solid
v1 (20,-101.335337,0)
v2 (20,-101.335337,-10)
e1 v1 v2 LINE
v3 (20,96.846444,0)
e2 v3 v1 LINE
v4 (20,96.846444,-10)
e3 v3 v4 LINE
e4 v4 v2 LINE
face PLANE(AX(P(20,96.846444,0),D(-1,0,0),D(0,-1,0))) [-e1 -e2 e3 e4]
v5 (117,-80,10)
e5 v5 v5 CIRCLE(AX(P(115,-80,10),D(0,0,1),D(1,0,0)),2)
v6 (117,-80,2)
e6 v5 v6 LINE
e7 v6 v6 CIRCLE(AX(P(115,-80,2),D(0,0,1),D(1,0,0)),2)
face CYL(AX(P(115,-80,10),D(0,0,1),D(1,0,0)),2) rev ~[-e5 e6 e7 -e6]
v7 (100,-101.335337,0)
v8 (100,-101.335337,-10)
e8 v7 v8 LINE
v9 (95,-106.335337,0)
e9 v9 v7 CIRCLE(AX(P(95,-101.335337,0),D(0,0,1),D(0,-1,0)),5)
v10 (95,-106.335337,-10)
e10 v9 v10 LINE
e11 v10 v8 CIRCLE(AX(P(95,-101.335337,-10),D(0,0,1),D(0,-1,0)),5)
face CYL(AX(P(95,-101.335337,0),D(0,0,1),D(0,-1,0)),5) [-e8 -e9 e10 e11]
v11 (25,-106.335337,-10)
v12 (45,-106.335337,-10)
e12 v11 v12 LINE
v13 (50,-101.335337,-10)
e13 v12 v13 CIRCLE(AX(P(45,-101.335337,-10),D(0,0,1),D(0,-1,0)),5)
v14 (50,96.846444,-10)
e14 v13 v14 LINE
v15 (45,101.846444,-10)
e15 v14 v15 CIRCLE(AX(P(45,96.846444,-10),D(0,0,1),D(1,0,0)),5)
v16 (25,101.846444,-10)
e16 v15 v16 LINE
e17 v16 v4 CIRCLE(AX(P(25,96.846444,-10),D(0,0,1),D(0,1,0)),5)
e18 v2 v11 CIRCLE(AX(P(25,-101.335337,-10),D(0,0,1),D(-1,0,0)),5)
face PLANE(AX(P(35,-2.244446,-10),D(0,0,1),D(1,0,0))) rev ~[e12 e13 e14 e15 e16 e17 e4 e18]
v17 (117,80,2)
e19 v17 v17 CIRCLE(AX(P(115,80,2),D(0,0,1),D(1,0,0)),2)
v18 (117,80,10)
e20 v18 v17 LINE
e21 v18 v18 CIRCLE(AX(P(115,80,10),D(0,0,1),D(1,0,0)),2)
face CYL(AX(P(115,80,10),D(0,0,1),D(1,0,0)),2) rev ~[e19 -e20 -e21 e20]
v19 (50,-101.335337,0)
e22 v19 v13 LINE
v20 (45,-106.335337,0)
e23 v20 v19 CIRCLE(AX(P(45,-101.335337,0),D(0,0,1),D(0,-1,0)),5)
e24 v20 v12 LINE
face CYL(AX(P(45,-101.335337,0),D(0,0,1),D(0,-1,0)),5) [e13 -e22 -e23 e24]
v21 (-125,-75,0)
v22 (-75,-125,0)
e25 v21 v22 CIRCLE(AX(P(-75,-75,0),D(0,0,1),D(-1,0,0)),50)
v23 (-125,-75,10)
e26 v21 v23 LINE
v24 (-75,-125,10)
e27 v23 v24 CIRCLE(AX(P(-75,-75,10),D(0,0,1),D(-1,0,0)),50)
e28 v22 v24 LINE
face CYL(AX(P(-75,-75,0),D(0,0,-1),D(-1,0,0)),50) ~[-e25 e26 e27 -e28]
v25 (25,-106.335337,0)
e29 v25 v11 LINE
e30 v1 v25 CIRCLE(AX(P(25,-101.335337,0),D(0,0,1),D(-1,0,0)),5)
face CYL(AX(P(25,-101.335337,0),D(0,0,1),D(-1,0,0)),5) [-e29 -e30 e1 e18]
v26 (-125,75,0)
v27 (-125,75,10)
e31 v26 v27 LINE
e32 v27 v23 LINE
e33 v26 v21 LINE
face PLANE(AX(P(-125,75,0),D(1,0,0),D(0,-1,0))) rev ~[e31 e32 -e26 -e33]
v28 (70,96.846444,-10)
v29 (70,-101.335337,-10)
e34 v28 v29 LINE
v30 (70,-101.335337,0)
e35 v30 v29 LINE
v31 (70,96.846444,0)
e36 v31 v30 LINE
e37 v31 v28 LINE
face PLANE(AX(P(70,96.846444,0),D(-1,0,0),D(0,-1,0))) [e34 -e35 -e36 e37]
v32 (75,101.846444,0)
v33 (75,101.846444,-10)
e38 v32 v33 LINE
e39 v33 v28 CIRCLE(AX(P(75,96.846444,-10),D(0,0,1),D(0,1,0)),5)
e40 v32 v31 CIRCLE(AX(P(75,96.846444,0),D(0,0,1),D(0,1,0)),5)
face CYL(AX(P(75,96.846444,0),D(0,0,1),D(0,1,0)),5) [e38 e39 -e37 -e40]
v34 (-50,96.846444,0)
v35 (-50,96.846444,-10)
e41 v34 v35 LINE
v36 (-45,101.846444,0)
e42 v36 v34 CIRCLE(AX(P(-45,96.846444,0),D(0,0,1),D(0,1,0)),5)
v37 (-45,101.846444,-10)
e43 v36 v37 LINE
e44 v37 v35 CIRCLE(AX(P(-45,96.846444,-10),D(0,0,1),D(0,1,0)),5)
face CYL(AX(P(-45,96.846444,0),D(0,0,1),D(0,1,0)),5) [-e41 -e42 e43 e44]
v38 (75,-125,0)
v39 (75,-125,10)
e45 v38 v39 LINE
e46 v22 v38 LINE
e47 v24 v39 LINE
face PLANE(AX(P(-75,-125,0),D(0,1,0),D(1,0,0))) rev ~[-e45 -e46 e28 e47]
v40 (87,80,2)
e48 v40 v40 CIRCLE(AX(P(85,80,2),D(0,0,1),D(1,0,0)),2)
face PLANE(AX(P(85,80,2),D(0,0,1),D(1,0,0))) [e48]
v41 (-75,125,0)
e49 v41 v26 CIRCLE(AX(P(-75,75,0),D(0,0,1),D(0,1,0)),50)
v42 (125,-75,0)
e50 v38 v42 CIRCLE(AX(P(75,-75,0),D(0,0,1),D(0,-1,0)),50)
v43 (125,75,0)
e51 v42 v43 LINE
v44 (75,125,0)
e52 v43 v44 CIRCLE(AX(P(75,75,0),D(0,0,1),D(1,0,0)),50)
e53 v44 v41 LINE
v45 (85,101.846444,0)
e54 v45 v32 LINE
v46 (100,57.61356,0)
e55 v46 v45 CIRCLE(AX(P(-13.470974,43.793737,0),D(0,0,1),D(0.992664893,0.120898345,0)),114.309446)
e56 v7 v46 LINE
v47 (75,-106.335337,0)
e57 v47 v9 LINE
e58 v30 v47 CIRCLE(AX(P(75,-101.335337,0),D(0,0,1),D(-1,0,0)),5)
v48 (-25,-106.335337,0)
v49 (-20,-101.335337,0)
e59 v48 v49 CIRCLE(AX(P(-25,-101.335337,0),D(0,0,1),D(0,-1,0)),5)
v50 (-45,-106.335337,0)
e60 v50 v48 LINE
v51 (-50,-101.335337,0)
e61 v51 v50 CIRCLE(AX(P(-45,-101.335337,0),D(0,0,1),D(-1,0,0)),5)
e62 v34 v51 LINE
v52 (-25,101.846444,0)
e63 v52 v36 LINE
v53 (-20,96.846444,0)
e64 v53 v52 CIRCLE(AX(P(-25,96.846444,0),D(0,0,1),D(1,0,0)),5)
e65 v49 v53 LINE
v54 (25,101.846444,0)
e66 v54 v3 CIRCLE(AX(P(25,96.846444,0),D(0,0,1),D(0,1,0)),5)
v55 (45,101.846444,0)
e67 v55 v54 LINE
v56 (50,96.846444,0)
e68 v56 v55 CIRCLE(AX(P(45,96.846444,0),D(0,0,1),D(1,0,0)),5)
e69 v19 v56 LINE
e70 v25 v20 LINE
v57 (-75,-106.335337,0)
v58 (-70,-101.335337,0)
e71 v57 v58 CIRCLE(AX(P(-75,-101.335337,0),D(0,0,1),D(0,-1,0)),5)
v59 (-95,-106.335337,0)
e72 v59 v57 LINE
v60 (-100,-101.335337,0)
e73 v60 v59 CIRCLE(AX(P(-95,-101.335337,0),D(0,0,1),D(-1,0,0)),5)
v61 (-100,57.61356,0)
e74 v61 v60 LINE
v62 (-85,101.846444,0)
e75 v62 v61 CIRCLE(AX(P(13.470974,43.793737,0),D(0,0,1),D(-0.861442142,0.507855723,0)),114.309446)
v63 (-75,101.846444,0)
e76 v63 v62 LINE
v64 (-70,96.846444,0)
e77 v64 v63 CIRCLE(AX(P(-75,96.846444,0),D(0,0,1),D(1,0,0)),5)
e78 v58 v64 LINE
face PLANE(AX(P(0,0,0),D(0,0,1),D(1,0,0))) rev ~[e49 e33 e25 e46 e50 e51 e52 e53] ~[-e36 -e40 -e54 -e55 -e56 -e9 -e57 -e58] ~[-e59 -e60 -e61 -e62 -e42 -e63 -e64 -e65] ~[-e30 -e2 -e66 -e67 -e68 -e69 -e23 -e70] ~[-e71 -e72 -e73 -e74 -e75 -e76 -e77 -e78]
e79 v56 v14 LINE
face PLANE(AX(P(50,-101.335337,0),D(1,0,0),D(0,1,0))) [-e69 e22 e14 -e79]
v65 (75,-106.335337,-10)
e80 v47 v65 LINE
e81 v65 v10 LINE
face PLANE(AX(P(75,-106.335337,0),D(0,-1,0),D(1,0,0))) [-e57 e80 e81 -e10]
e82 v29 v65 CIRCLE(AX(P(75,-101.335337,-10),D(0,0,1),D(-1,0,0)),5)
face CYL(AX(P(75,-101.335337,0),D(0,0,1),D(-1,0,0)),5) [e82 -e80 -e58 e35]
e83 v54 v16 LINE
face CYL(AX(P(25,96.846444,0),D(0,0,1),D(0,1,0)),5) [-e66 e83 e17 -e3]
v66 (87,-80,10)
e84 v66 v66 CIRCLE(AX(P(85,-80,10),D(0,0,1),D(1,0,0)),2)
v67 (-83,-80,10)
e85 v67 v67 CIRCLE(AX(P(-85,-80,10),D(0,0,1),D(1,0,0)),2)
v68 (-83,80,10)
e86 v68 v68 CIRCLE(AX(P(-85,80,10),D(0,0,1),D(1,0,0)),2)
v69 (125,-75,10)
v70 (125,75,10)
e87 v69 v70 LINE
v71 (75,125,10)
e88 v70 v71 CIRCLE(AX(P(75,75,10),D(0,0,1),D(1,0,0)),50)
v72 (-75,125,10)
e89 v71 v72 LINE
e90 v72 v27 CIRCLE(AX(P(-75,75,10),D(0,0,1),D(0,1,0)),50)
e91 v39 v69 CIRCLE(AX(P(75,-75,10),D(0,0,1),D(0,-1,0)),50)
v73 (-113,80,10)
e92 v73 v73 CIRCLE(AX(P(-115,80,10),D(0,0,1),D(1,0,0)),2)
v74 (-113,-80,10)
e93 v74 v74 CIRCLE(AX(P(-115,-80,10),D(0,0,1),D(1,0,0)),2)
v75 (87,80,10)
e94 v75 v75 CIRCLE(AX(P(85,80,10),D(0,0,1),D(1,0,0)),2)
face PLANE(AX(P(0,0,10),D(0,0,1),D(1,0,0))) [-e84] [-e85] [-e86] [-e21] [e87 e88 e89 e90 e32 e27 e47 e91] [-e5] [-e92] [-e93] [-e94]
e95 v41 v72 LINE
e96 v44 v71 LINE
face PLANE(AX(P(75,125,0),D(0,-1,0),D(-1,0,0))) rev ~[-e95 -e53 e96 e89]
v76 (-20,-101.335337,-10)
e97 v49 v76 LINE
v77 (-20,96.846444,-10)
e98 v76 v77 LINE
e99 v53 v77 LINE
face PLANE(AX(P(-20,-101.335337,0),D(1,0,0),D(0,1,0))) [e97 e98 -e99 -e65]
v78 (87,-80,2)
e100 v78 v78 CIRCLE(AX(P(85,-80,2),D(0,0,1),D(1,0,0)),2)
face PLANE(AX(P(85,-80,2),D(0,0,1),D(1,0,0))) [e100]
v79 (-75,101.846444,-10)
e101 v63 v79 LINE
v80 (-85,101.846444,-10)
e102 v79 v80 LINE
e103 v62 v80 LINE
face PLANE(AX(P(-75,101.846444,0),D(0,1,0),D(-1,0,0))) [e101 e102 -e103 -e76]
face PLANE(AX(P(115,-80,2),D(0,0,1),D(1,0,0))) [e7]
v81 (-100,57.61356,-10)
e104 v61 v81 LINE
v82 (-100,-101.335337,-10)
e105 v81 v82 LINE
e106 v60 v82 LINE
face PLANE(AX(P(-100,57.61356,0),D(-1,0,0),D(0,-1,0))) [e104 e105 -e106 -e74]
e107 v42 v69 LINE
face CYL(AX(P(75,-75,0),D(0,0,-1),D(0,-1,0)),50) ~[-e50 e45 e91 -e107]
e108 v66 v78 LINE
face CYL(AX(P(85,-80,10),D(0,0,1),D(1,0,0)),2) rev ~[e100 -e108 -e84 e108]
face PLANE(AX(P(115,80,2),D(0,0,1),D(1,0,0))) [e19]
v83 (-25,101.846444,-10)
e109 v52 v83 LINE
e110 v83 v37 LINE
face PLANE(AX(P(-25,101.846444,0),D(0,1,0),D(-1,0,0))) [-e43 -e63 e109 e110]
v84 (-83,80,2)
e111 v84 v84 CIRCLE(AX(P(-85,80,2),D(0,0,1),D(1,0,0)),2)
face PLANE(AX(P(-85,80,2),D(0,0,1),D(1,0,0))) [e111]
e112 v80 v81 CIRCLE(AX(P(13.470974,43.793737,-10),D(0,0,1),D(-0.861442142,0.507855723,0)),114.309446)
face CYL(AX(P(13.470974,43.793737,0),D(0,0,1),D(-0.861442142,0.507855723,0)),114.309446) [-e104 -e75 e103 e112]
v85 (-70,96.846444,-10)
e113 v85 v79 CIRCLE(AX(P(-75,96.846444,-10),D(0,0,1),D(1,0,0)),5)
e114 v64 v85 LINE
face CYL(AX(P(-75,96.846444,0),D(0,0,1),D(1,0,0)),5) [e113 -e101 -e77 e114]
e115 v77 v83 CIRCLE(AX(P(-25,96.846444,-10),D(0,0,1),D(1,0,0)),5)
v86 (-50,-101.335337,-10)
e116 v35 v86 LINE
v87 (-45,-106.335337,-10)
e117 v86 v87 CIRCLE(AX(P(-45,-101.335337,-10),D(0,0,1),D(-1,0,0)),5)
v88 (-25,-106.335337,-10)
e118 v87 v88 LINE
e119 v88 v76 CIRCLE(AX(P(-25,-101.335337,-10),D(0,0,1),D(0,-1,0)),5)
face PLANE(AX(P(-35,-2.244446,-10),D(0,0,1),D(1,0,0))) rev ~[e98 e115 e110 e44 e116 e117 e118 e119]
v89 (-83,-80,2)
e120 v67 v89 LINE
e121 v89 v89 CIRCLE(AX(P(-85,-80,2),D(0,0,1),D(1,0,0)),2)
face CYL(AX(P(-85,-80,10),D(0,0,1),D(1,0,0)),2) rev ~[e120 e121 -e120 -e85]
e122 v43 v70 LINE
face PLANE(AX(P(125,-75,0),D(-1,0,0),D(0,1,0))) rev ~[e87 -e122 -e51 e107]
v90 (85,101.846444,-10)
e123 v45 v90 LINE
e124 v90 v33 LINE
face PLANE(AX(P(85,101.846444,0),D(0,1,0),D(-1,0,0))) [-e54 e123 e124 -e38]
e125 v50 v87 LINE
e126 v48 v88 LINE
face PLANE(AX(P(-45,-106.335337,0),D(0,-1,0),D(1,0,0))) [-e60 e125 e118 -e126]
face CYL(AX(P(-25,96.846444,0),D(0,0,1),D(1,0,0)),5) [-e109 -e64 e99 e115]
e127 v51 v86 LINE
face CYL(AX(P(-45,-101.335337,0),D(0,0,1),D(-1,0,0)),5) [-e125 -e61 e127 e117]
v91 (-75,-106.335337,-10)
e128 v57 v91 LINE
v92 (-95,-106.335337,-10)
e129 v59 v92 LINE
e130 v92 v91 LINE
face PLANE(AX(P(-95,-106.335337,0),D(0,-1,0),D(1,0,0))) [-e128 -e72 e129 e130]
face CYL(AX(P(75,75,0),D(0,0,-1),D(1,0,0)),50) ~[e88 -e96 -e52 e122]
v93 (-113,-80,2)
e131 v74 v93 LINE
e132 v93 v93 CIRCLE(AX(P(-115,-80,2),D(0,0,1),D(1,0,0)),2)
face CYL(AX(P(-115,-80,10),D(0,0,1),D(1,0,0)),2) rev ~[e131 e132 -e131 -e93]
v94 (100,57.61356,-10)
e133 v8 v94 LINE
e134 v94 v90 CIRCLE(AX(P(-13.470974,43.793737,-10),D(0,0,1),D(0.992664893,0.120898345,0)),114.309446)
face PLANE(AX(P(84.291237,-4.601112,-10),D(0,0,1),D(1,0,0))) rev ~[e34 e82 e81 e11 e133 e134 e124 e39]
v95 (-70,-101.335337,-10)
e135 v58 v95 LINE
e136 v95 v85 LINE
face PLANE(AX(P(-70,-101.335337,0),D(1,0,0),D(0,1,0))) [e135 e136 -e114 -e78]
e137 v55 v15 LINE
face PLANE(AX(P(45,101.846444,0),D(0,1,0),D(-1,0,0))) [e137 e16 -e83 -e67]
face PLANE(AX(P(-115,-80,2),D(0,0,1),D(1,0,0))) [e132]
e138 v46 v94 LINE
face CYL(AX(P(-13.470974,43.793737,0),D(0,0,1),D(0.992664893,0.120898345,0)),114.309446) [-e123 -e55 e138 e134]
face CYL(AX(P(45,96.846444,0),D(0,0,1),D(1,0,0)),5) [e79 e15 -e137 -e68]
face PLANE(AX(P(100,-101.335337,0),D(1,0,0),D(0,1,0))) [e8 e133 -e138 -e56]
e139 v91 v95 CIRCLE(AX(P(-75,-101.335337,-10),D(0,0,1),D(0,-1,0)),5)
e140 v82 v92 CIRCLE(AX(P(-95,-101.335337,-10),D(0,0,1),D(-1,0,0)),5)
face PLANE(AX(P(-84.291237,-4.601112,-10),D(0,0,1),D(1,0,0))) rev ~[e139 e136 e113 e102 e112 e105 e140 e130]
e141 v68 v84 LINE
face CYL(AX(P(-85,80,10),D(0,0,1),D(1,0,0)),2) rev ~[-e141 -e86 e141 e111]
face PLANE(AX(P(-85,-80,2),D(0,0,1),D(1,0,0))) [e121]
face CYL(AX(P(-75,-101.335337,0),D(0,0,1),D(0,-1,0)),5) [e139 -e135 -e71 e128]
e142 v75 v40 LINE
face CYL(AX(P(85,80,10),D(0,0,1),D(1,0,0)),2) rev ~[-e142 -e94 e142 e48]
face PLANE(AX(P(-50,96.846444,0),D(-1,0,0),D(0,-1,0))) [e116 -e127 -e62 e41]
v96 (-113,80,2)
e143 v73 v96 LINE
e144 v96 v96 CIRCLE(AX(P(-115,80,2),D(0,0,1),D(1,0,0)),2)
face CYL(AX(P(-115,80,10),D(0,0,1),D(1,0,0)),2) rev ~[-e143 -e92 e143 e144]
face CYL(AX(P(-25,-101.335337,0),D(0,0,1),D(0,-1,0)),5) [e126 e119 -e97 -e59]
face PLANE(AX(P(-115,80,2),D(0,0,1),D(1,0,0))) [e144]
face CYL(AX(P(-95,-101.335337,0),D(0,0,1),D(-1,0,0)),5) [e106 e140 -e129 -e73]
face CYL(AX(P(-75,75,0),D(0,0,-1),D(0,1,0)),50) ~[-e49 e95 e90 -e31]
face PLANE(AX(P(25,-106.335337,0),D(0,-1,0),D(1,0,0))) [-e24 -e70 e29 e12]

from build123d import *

# Parameters (mm, degrees)
EXTRUDE_1_DEPTH     = 10
SKETCH_2_R          = 2
CUT_EXTRUDE_1_DEPTH = 8
EXTRUDE_2_DEPTH     = 10


with BuildPart() as part:
    # 草图1 → 凸台-拉伸1 (new body)
    with BuildSketch(Plane.XY):
        with BuildLine():
            Line((-75, -125), (75, -125))
            ThreePointArc((75, -125), (110.355339059, -110.355339059), (125, -75))
            Line((125, -75), (125, 75))
            ThreePointArc((125, 75), (110.355339059, 110.355339059), (75, 125))
            Line((75, 125), (-75, 125))
            ThreePointArc((-75, 125), (-110.355339059, 110.355339059), (-125, 75))
            Line((-125, 75), (-125, -75))
            ThreePointArc((-125, -75), (-110.355339059, -110.355339059), (-75, -125))
        make_face()
    extrude(amount=EXTRUDE_1_DEPTH)

    # 草图2 → 切除-拉伸1 (cut)
    with BuildSketch(Plane.XY.offset(10)):
        with Locations((115, 80)):
            Circle(SKETCH_2_R)
        with Locations((85, 80)):
            Circle(SKETCH_2_R)
        with Locations((115, -80)):
            Circle(SKETCH_2_R)
        with Locations((85, -80)):
            Circle(SKETCH_2_R)
        with Locations((-115, -80)):
            Circle(SKETCH_2_R)
        with Locations((-85, -80)):
            Circle(SKETCH_2_R)
        with Locations((-85, 80)):
            Circle(SKETCH_2_R)
        with Locations((-115, 80)):
            Circle(SKETCH_2_R)
    extrude(amount=-CUT_EXTRUDE_1_DEPTH, mode=Mode.SUBTRACT)

    # 草图3 → 凸台-拉伸2 (add)
    with BuildSketch(Plane(origin=(0, 0, 0), x_dir=(-1, 0, 0), z_dir=(0, 0, -1))):
        with BuildLine():
            Line((-20, 96.846443928), (-20, -101.335336728))
            ThreePointArc((-20, -101.335336728), (-21.464466094, -104.870870634), (-25, -106.335336728))
            Line((-25, -106.335336728), (-45, -106.335336728))
            ThreePointArc((-45, -106.335336728), (-48.535533906, -104.870870634), (-50, -101.335336728))
            Line((-50, -101.335336728), (-50, 96.846443928))
            ThreePointArc((-50, 96.846443928), (-48.535533906, 100.381977834), (-45, 101.846443928))
            Line((-45, 101.846443928), (-25, 101.846443928))
            ThreePointArc((-25, 101.846443928), (-21.464466094, 100.381977834), (-20, 96.846443928))
        make_face()
        with BuildLine():
            Line((-70, 96.846443928), (-70, -101.335336728))
            ThreePointArc((-70, -101.335336728), (-71.464466094, -104.870870634), (-75, -106.335336728))
            Line((-75, -106.335336728), (-95, -106.335336728))
            ThreePointArc((-95, -106.335336728), (-98.535533906, -104.870870634), (-100, -101.335336728))
            Line((-100, -101.335336728), (-100, 57.613560287))
            ThreePointArc((-100, 57.613560287), (-94.783283784, 80.504296116), (-85, 101.846443928))
            Line((-85, 101.846443928), (-75, 101.846443928))
            ThreePointArc((-75, 101.846443928), (-71.464466094, 100.381977834), (-70, 96.846443928))
        make_face()
        with BuildLine():
            Line((45, -106.335336728), (25, -106.335336728))
            ThreePointArc((25, -106.335336728), (21.464466094, -104.870870634), (20, -101.335336728))
            Line((20, -101.335336728), (20, 96.846443928))
            ThreePointArc((20, 96.846443928), (21.464466094, 100.381977834), (25, 101.846443928))
            Line((25, 101.846443928), (45, 101.846443928))
            ThreePointArc((45, 101.846443928), (48.535533906, 100.381977834), (50, 96.846443928))
            Line((50, 96.846443928), (50, -101.335336728))
            ThreePointArc((50, -101.335336728), (48.535533906, -104.870870634), (45, -106.335336728))
        make_face()
        with BuildLine():
            Line((95, -106.335336728), (75, -106.335336728))
            ThreePointArc((75, -106.335336728), (71.464466094, -104.870870634), (70, -101.335336728))
            Line((70, -101.335336728), (70, 96.846443928))
            ThreePointArc((70, 96.846443928), (71.464466094, 100.381977834), (75, 101.846443928))
            Line((75, 101.846443928), (85, 101.846443928))
            ThreePointArc((85, 101.846443928), (94.783283784, 80.504296116), (100, 57.613560287))
            Line((100, 57.613560287), (100, -101.335336728))
            ThreePointArc((100, -101.335336728), (98.535533906, -104.870870634), (95, -106.335336728))
        make_face()
    extrude(amount=EXTRUDE_2_DEPTH)


solid = part.part
